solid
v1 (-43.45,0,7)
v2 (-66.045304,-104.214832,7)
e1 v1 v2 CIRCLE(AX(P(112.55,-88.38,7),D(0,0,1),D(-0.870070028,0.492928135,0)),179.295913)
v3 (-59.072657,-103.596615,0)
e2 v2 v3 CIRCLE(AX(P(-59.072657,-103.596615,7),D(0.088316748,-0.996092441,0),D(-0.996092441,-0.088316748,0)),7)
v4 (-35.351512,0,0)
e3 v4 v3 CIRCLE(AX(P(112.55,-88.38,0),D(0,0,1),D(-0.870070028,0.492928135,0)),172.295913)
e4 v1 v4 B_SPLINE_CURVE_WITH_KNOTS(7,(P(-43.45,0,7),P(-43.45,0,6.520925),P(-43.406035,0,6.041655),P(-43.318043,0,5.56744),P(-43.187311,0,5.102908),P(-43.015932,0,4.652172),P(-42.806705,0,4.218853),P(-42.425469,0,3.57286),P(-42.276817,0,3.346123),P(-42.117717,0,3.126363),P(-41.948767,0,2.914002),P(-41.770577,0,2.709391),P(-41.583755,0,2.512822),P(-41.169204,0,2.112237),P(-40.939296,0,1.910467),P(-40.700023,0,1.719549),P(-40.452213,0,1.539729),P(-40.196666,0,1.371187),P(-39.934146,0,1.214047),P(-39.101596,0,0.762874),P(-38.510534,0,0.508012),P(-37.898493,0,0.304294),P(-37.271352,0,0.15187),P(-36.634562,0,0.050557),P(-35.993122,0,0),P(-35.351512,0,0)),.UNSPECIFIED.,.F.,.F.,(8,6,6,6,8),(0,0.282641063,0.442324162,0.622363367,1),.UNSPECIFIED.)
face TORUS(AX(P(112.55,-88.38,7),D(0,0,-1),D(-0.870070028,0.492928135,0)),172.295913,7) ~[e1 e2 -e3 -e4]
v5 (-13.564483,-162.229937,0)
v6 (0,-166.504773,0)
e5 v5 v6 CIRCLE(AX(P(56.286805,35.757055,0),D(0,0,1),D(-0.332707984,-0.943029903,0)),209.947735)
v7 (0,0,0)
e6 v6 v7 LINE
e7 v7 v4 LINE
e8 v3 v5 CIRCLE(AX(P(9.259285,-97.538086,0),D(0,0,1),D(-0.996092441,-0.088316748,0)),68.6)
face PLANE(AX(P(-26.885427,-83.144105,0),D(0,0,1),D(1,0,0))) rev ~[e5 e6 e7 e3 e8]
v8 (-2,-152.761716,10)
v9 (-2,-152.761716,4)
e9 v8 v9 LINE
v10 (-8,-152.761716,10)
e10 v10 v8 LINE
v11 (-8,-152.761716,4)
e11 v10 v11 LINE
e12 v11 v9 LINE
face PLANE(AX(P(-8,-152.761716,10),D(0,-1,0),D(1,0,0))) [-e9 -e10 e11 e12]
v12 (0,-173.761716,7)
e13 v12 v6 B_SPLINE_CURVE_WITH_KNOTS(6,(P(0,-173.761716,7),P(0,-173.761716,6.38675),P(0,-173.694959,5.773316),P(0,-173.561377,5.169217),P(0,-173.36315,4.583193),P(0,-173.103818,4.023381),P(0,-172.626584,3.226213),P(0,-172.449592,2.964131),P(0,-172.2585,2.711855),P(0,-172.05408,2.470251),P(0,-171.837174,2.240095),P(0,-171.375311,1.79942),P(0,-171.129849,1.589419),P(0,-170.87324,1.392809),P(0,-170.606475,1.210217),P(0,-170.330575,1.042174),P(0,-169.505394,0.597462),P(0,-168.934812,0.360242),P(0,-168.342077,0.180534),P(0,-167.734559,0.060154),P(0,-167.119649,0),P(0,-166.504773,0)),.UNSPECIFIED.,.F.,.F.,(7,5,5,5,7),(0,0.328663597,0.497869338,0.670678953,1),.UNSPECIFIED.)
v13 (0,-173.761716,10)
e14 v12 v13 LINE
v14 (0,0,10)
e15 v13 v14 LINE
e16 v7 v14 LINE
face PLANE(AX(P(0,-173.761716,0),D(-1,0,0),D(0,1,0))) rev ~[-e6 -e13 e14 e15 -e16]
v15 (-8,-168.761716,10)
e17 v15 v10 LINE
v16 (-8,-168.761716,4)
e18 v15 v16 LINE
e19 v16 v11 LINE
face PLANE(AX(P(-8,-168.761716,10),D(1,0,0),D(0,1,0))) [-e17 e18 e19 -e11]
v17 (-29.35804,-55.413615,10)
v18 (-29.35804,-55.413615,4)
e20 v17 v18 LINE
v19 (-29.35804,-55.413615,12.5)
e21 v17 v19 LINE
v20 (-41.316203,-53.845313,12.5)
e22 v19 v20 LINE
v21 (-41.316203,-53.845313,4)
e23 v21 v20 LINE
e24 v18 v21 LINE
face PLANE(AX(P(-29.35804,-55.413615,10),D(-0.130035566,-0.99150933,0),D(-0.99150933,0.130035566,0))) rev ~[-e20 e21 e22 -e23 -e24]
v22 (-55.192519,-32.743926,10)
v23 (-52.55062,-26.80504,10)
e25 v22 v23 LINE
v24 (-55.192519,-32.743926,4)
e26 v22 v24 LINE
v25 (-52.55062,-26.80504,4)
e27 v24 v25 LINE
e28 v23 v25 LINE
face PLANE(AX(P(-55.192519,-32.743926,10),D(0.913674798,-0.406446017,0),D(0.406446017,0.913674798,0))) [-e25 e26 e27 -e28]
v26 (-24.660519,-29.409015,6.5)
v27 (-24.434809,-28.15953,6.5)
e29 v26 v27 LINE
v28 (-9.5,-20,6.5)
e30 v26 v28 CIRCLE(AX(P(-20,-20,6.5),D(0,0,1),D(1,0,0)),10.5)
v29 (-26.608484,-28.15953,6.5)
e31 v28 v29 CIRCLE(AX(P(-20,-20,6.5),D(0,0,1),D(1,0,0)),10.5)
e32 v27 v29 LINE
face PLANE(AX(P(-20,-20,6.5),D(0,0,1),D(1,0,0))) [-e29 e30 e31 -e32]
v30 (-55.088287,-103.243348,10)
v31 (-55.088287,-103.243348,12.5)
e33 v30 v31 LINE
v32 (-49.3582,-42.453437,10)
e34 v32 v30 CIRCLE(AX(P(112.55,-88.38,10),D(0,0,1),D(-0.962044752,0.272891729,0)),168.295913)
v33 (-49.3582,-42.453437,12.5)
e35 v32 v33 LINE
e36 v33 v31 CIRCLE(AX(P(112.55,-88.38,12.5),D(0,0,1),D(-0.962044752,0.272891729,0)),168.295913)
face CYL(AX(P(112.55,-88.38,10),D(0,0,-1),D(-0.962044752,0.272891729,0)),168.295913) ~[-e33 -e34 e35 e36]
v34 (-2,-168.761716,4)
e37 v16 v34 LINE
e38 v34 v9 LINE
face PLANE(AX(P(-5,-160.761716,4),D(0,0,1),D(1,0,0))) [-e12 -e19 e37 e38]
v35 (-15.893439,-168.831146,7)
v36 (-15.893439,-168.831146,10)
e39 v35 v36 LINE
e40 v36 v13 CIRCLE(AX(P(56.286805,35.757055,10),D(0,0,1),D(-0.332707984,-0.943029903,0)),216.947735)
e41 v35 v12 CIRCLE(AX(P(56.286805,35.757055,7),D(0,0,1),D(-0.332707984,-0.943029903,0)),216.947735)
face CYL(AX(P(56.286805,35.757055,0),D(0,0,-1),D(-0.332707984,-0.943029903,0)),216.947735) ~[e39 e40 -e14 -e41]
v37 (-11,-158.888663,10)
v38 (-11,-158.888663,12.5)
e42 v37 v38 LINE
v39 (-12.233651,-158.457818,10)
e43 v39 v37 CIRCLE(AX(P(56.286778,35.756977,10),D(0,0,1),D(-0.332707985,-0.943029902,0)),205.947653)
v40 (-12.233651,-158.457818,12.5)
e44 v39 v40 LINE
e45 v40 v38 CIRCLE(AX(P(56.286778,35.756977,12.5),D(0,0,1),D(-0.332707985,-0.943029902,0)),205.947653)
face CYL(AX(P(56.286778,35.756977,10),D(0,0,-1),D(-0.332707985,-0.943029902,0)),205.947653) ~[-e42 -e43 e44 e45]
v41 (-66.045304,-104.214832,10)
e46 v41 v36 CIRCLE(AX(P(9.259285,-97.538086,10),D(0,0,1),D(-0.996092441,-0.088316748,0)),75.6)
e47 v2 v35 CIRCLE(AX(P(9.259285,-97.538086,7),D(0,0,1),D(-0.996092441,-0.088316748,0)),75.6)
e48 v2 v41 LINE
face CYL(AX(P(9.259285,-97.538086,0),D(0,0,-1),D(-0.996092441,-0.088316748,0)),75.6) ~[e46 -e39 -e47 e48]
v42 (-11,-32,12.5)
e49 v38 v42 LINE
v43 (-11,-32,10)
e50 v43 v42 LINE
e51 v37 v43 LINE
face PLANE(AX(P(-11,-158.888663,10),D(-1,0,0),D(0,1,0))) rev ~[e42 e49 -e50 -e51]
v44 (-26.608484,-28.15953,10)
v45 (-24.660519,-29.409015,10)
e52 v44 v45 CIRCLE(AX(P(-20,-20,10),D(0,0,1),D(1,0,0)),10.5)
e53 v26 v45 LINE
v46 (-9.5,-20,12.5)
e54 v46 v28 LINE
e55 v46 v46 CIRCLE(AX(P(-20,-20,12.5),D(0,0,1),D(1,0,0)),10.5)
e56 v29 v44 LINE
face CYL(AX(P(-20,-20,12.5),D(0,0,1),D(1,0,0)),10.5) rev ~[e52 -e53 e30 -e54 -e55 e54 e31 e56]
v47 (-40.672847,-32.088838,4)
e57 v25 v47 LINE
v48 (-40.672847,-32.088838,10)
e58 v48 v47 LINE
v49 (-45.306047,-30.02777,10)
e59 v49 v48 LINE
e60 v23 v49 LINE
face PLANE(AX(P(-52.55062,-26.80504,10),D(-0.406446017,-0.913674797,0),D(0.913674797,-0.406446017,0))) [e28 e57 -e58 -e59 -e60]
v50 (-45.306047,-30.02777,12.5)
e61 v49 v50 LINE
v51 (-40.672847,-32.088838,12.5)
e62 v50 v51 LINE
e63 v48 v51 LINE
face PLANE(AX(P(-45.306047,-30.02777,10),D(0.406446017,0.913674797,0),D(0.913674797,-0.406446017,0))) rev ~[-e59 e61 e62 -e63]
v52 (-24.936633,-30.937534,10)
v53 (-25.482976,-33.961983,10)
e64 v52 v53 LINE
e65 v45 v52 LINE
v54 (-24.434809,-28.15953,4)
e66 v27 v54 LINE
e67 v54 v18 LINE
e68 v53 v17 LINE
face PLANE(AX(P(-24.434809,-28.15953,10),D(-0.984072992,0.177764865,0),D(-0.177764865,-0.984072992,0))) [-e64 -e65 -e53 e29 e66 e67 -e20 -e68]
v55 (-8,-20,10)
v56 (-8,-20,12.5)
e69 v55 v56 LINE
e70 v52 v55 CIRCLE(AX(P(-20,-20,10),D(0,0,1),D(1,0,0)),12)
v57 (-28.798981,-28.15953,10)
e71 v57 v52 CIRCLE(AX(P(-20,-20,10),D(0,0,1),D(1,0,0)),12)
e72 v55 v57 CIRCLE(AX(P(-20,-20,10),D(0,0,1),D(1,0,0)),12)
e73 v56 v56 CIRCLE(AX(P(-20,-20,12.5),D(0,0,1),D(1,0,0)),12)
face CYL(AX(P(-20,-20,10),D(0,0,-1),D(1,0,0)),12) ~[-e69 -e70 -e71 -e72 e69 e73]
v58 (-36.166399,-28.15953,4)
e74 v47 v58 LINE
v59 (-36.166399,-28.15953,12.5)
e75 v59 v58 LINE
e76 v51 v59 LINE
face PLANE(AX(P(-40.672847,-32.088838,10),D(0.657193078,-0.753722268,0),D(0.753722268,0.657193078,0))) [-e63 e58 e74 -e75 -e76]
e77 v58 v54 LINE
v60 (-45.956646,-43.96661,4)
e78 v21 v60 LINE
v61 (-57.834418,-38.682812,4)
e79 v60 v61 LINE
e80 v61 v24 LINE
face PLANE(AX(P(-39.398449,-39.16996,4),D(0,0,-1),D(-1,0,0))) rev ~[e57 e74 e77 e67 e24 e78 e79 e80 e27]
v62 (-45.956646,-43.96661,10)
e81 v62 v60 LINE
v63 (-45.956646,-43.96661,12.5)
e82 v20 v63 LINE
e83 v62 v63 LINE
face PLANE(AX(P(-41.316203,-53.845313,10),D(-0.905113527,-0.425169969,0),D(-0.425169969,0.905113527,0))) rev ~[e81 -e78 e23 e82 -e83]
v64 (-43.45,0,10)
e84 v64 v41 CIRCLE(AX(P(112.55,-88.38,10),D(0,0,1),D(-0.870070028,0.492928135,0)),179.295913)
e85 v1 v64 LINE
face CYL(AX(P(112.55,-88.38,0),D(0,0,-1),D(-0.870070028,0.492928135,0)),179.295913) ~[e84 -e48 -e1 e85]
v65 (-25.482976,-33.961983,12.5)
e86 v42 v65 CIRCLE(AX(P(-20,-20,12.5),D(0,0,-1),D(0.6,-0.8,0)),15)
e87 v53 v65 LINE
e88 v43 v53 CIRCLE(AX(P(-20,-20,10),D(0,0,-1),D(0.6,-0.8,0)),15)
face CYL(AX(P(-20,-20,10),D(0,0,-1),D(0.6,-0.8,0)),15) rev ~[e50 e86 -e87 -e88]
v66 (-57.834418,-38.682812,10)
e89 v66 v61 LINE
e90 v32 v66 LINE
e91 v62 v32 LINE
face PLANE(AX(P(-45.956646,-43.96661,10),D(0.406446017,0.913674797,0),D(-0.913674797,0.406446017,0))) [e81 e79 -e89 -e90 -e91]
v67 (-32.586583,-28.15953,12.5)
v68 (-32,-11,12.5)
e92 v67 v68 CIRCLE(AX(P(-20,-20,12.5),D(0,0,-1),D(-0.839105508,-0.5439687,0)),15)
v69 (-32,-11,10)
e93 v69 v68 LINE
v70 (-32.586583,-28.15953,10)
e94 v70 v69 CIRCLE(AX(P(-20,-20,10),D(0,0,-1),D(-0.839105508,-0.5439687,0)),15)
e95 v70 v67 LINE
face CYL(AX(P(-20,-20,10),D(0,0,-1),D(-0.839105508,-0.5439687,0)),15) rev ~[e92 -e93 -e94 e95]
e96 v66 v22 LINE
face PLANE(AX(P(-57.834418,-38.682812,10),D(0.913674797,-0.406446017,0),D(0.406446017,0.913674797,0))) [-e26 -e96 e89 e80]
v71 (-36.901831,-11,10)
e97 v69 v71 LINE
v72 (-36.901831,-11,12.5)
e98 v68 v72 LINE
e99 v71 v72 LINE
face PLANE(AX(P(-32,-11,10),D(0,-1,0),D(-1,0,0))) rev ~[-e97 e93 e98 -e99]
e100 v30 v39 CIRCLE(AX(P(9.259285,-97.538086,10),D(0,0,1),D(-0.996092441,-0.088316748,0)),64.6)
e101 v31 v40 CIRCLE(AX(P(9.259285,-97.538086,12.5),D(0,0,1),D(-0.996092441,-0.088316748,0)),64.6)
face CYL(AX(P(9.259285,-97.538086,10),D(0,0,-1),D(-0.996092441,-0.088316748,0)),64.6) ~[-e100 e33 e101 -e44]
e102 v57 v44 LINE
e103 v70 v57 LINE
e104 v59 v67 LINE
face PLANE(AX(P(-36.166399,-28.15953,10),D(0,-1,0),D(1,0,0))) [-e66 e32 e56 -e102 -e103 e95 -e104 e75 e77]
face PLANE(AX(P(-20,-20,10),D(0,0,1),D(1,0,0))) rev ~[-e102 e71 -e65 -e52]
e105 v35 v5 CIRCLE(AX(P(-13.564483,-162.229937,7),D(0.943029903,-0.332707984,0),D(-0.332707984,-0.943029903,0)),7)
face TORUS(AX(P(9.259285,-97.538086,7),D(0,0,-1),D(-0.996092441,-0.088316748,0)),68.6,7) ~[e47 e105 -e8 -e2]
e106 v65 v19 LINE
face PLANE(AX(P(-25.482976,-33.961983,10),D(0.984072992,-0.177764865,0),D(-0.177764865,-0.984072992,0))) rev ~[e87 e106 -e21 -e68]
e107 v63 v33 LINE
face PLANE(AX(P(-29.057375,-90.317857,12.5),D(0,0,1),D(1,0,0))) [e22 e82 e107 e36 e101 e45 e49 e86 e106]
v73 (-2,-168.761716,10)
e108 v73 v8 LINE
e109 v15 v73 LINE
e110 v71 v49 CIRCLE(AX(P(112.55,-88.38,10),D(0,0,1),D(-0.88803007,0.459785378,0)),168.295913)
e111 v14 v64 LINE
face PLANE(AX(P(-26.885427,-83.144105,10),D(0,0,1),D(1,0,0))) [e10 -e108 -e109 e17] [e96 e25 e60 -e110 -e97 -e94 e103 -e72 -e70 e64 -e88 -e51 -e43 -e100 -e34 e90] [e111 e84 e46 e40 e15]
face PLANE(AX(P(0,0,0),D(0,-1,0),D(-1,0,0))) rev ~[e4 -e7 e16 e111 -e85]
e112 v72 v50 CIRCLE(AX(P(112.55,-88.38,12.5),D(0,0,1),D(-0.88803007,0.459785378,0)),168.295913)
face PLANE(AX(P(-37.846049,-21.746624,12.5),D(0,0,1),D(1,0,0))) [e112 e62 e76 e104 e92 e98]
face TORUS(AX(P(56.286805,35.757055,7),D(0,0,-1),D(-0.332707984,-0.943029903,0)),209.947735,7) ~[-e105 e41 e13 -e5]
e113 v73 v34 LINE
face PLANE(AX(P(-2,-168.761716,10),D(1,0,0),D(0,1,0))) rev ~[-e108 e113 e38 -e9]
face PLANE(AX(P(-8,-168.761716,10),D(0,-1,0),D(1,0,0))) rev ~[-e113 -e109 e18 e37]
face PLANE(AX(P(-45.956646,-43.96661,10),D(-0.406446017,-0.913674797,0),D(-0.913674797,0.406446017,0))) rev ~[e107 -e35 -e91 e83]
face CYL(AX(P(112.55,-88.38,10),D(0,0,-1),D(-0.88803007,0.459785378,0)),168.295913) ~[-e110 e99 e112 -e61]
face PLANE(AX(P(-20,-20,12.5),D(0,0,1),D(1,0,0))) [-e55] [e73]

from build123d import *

# Parameters (mm, degrees)
BOSS_EXTRUDE1_DEPTH = 10
FILLET1_R           = 7
CUT_EXTRUDE5_DEPTH  = 6
BOSS_EXTRUDE2_DEPTH = 2.5
SKETCH10_R          = 12
BOSS_EXTRUDE3_DEPTH = 2.5
SKETCH11_R          = 10.5
CUT_EXTRUDE6_DEPTH  = 6
SKETCH12_W          = 6
SKETCH12_H          = 16
CUT_EXTRUDE7_DEPTH  = 6


with BuildPart() as part:
    # Sketch1 → Boss-Extrude1 (new body)
    with BuildSketch(Plane.XY):
        with BuildLine():
            Line((0, 0), (-43.45, 0))
            ThreePointArc((-43.45, 0), (-62.674676093, -50.388720896), (-66.045303679, -104.214831977))
            ThreePointArc((-66.045303679, -104.214831977), (-50.462862729, -143.891349815), (-15.893438709, -168.83114646))
            ThreePointArc((-15.893438709, -168.83114646), (-7.994010798, -171.448872708), (0, -173.76171585))
            Line((0, -173.76171585), (0, 0))
        make_face()
    extrude(amount=BOSS_EXTRUDE1_DEPTH)

    # Fillet1
    fillet1_edges = [part.edges().sort_by_distance(p)[0] for p in [
        (-7.994010798, -171.448872708, 0),
        (-50.462862729, -143.891349815, 0),
        (-62.674676093, -50.388720896, 0),
    ]]
    fillet(fillet1_edges, radius=FILLET1_R)

    # Sketch7 → Cut-Extrude5 (cut)
    with BuildSketch(Plane.XY.offset(10)):
        Polygon((-55.192518946, -32.743925992), (-52.550619838, -26.805039808), (-40.67284747, -32.088838025), (-36.166399237, -28.159530493), (-24.434809325, -28.159530493), (-29.358040317, -55.413615039), (-41.316202905, -53.845312659), (-45.956645687, -43.966610392), (-57.834418054, -38.682812175), align=None)
    extrude(amount=-CUT_EXTRUDE5_DEPTH, mode=Mode.SUBTRACT)

    # Sketch9 → Boss-Extrude2 (add)
    with BuildSketch(Plane.XY.offset(10)):
        with BuildLine():
            Line((-11, -158.888662803), (-11, -32))
            ThreePointArc((-11, -32), (-17.986369061, -34.864228552), (-25.482975715, -33.961983287))
            Line((-25.482975715, -33.961983287), (-29.358040317, -55.413615039))
            Line((-29.358040317, -55.413615039), (-41.316202905, -53.845312659))
            Line((-41.316202905, -53.845312659), (-45.956645687, -43.966610392))
            Line((-45.956645687, -43.966610392), (-49.358199776, -42.453437309))
            ThreePointArc((-49.358199776, -42.453437309), (-55.003200537, -72.586352384), (-55.088286823, -103.243347748))
            ThreePointArc((-55.088286823, -103.243347748), (-41.773132254, -137.146827277), (-12.233650883, -158.457817531))
            ThreePointArc((-12.233650883, -158.457817531), (-11.617167152, -158.674218597), (-11, -158.888662803))
        make_face()
        with BuildLine():
            Line((-32, -11), (-36.901831421, -11))
            ThreePointArc((-36.901831421, -11), (-41.398196048, -20.383917403), (-45.30604713, -30.027770398))
            Line((-45.30604713, -30.027770398), (-40.67284747, -32.088838025))
            Line((-40.67284747, -32.088838025), (-36.166399237, -28.159530493))
            Line((-36.166399237, -28.159530493), (-32.586582623, -28.159530493))
            ThreePointArc((-32.586582623, -28.159530493), (-34.991243543, -19.487538254), (-32, -11))
        make_face()
    extrude(amount=BOSS_EXTRUDE2_DEPTH)

    # Sketch10 → Boss-Extrude3 (add)
    with BuildSketch(Plane.XY.offset(10)):
        with Locations((-20, -20)):
            Circle(SKETCH10_R)
    extrude(amount=BOSS_EXTRUDE3_DEPTH)

    # Sketch11 → Cut-Extrude6 (cut)
    with BuildSketch(Plane.XY.offset(12.5)):
        with Locations((-20, -20)):
            Circle(SKETCH11_R)
    extrude(amount=-CUT_EXTRUDE6_DEPTH, mode=Mode.SUBTRACT)

    # Sketch12 → Cut-Extrude7 (cut)
    with BuildSketch(Plane.XY.offset(10)):
        with Locations((-5, -160.76171585)):
            Rectangle(SKETCH12_W, SKETCH12_H)
    extrude(amount=-CUT_EXTRUDE7_DEPTH, mode=Mode.SUBTRACT)


solid = part.part
